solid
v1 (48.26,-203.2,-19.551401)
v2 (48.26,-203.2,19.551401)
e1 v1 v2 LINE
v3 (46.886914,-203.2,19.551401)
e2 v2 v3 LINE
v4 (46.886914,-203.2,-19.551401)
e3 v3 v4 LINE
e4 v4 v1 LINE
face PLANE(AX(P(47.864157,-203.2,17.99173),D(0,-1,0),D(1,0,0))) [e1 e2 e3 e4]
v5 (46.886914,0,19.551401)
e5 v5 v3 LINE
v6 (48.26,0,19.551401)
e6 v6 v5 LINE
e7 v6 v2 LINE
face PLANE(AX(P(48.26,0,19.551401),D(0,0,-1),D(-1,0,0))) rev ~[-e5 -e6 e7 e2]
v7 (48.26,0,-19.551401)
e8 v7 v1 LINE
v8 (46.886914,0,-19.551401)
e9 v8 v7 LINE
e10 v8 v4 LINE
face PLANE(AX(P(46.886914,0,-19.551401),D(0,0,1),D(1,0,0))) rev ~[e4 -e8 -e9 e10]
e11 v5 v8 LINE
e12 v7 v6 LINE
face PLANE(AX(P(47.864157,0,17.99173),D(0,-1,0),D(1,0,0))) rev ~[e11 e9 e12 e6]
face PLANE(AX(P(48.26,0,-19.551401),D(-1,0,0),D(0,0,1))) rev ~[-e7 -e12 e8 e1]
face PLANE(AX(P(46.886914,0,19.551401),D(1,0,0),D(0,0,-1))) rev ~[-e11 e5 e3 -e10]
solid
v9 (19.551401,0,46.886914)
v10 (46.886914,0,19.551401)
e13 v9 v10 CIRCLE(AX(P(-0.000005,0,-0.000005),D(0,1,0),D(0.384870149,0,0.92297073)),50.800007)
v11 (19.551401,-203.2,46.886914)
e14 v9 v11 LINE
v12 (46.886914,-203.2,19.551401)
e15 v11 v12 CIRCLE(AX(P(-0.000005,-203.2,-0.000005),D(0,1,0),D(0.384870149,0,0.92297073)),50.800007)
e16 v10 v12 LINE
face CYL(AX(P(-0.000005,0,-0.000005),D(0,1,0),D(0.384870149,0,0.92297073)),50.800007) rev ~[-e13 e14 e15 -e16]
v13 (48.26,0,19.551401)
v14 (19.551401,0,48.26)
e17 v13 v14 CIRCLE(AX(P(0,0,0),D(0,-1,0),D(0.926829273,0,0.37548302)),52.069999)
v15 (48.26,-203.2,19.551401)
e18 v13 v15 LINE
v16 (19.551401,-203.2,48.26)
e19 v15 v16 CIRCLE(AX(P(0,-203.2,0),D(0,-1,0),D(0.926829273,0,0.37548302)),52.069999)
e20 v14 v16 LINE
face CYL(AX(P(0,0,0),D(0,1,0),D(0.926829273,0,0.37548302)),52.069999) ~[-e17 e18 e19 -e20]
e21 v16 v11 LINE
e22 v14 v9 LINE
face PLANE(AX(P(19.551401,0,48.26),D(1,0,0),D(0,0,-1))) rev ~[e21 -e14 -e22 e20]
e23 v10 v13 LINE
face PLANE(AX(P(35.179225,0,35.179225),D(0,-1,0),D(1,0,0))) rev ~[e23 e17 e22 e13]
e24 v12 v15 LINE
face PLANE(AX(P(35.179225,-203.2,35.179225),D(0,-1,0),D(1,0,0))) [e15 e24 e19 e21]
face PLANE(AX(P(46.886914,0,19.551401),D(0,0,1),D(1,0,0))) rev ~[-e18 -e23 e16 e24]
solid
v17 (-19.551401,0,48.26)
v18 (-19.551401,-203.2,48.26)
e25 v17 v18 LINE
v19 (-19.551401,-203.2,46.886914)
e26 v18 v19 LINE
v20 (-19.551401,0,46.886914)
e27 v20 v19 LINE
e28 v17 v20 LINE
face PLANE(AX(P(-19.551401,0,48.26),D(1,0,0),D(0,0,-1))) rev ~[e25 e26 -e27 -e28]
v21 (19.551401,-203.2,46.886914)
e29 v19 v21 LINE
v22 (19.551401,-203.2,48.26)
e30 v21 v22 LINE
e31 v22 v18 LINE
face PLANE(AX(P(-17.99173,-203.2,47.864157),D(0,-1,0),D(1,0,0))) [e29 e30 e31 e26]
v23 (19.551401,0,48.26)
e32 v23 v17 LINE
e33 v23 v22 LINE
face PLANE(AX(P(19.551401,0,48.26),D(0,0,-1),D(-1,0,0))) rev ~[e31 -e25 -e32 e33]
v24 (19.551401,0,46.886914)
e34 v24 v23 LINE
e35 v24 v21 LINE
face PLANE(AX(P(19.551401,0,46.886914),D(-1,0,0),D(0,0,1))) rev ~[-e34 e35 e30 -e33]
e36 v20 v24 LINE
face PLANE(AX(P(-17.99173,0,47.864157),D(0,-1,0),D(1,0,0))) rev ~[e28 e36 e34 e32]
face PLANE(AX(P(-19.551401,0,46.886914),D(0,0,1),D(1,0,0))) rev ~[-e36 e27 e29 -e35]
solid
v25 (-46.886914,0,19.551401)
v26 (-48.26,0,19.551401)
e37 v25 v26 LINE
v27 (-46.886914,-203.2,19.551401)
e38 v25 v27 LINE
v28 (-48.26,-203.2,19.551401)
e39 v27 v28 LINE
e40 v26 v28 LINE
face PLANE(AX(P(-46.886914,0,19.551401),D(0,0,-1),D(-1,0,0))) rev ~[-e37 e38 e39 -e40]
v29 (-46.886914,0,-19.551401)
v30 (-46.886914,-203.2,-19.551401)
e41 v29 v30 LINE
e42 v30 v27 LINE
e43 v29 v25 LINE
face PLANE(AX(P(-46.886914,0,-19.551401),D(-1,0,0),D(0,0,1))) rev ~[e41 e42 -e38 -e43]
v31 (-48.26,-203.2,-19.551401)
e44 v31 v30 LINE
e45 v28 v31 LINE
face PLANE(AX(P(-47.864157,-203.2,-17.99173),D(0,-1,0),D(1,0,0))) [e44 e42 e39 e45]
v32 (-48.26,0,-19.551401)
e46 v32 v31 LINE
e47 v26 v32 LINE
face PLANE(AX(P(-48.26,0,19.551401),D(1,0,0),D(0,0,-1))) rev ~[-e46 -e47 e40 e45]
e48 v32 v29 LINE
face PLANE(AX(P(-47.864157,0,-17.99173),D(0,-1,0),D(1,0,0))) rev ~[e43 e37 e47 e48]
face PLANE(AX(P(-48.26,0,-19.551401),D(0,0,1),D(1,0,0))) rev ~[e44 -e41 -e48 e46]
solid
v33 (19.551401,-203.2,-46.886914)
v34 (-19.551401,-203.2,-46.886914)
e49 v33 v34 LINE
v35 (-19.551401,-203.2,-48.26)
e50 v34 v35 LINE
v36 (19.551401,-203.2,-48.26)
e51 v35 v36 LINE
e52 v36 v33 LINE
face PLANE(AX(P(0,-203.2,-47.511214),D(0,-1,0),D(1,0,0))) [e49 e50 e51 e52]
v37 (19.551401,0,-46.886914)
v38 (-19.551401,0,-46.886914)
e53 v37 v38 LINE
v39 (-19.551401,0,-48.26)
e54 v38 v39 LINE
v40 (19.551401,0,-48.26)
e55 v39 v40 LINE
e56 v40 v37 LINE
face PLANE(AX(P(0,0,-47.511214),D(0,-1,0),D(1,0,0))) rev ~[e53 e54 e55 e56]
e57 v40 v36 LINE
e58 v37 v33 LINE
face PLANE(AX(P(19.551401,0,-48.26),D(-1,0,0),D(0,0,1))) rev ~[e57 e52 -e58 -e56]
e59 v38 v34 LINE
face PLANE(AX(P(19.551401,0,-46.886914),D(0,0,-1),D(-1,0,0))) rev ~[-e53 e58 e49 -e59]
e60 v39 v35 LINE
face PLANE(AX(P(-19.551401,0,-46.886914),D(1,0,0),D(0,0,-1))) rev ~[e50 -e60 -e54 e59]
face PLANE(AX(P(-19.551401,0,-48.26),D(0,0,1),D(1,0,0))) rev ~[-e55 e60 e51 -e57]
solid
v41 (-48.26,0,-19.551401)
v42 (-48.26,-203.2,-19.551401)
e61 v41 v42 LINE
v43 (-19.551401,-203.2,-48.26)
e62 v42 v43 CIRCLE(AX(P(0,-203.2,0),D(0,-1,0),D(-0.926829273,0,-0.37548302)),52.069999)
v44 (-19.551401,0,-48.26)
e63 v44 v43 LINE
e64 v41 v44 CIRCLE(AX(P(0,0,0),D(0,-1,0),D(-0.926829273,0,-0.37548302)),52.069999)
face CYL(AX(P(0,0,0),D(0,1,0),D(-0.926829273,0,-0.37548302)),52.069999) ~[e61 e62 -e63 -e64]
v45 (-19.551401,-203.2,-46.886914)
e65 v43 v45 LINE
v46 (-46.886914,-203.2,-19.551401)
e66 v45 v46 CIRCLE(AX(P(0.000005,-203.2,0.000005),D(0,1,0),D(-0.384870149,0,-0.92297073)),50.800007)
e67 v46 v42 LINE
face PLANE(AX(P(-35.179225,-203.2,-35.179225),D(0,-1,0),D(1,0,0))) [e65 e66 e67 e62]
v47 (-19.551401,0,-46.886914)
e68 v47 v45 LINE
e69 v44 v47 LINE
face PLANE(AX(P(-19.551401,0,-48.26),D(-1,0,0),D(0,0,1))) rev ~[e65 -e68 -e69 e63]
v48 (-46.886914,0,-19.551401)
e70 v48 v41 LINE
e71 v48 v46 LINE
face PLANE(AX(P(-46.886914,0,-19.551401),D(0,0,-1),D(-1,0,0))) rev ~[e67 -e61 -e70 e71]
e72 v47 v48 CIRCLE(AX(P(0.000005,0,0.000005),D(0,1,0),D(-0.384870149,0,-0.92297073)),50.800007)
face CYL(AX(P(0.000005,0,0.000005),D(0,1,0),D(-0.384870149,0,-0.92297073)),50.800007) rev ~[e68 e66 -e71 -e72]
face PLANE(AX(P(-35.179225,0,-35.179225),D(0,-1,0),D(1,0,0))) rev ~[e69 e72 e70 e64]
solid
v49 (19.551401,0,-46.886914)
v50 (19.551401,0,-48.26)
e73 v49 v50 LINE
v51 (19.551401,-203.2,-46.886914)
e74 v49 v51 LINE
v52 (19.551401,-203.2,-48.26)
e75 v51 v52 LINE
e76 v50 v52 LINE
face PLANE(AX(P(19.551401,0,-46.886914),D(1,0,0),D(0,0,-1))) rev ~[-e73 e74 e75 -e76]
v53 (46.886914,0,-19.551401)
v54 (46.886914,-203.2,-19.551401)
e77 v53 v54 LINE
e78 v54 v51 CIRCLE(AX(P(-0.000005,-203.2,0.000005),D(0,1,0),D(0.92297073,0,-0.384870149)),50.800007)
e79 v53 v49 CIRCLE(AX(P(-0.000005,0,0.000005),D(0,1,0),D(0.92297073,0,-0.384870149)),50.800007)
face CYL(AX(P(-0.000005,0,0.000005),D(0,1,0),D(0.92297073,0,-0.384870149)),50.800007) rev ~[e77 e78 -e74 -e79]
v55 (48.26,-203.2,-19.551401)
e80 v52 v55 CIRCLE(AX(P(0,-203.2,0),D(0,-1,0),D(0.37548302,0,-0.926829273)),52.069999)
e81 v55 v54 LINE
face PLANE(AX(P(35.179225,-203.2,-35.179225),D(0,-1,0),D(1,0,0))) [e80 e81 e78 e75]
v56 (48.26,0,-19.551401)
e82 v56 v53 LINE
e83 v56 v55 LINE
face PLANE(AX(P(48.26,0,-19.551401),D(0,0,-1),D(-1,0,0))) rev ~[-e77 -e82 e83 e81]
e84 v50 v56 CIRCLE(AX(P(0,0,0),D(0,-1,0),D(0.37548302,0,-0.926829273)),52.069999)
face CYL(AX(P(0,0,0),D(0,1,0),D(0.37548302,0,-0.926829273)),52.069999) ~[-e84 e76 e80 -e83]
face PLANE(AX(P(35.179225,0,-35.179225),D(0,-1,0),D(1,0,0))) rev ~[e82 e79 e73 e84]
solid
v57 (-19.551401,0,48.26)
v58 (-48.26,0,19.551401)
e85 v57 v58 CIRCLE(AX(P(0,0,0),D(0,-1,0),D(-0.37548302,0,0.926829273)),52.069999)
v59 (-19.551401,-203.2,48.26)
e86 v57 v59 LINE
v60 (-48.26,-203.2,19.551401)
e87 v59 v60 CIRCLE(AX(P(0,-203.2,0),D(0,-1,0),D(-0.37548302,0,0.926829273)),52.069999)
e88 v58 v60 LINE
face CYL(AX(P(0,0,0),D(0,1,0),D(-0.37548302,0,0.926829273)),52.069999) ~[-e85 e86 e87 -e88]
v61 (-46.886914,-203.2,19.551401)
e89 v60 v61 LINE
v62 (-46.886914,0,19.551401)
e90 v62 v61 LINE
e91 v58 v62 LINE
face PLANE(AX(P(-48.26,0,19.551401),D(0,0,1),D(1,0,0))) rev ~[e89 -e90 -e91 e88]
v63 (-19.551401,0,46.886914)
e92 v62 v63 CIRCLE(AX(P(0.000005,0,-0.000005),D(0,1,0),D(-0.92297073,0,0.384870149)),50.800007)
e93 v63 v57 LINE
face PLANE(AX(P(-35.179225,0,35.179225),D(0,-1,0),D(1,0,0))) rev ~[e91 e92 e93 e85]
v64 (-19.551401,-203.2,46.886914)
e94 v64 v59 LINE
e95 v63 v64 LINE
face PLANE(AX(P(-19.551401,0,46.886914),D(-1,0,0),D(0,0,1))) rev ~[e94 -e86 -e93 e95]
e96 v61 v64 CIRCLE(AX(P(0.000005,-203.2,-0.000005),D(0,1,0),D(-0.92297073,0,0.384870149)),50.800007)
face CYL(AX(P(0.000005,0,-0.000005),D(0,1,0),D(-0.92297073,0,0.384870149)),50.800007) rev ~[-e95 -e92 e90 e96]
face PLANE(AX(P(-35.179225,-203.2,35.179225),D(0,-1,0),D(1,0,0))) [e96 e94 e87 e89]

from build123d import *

# Parameters (mm, degrees)
F1_DEPTH = 203.2
F2_DEPTH = 203.2


with BuildPart() as f1:
    # F0 (on Front) → F1 (new body)
    with BuildSketch(Plane.XZ):
        with BuildLine():
            ThreePointArc((-46.886914, 19.551401), (-35.921024, 35.921024), (-19.551401, 46.886914))
            Line((-19.551401, 46.886914), (-19.551401, 48.26))
            ThreePointArc((-19.551401, 48.26), (-36.81905, 36.81905), (-48.26, 19.551401))
            Line((-48.26, 19.551401), (-46.886914, 19.551401))
        make_face()
        with BuildLine():
            ThreePointArc((19.551401, 46.886914), (35.921024, 35.921024), (46.886914, 19.551401))
            Line((46.886914, 19.551401), (48.26, 19.551401))
            ThreePointArc((48.26, 19.551401), (36.81905, 36.81905), (19.551401, 48.26))
            Line((19.551401, 48.26), (19.551401, 46.886914))
        make_face()
        with BuildLine():
            Line((48.26, -19.551401), (46.886914, -19.551401))
            ThreePointArc((46.886914, -19.551401), (35.921024, -35.921024), (19.551401, -46.886914))
            Line((19.551401, -46.886914), (19.551401, -48.26))
            ThreePointArc((19.551401, -48.26), (36.81905, -36.81905), (48.26, -19.551401))
        make_face()
        with BuildLine():
            Line((-19.551401, -48.26), (-19.551401, -46.886914))
            ThreePointArc((-19.551401, -46.886914), (-35.921024, -35.921024), (-46.886914, -19.551401))
            Line((-46.886914, -19.551401), (-48.26, -19.551401))
            ThreePointArc((-48.26, -19.551401), (-36.81905, -36.81905), (-19.551401, -48.26))
        make_face()
    extrude(amount=F1_DEPTH)


with BuildPart() as f2:
    # F0 (on Front) → F2 (new body)
    with BuildSketch(Plane.XZ):
        with BuildLine():
            Line((-48.26, -19.551401), (-46.886914, -19.551401))
            ThreePointArc((-46.886914, -19.551401), (-47.609203, -17.720153), (-48.26, -15.862295))
            Line((-48.26, -15.862295), (-48.26, -19.551401))
        make_face()
        with BuildLine():
            Line((-46.886914, -19.551401), (-46.886914, 19.551401))
            ThreePointArc((-46.886914, 19.551401), (-47.609203, 17.720153), (-48.26, 15.862295))
            Line((-48.26, 15.862295), (-48.26, 0))
            Line((-48.26, 0), (-48.26, -15.862295))
            ThreePointArc((-48.26, -15.862295), (-47.609203, -17.720153), (-46.886914, -19.551401))
        make_face()
        with BuildLine():
            ThreePointArc((-48.26, 15.862295), (-47.609203, 17.720153), (-46.886914, 19.551401))
            Line((-46.886914, 19.551401), (-48.26, 19.551401))
            Line((-48.26, 19.551401), (-48.26, 15.862295))
        make_face()
        with BuildLine():
            Line((-19.551401, 48.26), (-19.551401, 46.886914))
            ThreePointArc((-19.551401, 46.886914), (-17.720153, 47.609203), (-15.862295, 48.26))
            Line((-15.862295, 48.26), (-19.551401, 48.26))
        make_face()
        with BuildLine():
            Line((-19.551401, 46.886914), (19.551401, 46.886914))
            ThreePointArc((19.551401, 46.886914), (17.720153, 47.609203), (15.862295, 48.26))
            Line((15.862295, 48.26), (0, 48.26))
            Line((0, 48.26), (-15.862295, 48.26))
            ThreePointArc((-15.862295, 48.26), (-17.720153, 47.609203), (-19.551401, 46.886914))
        make_face()
        with BuildLine():
            ThreePointArc((15.862295, 48.26), (17.720153, 47.609203), (19.551401, 46.886914))
            Line((19.551401, 46.886914), (19.551401, 48.26))
            Line((19.551401, 48.26), (15.862295, 48.26))
        make_face()
        with BuildLine():
            Line((48.26, 19.551401), (46.886914, 19.551401))
            ThreePointArc((46.886914, 19.551401), (47.609203, 17.720153), (48.26, 15.862295))
            Line((48.26, 15.862295), (48.26, 19.551401))
        make_face()
        with BuildLine():
            ThreePointArc((48.26, 15.862295), (47.609203, 17.720153), (46.886914, 19.551401))
            Line((46.886914, 19.551401), (46.886914, -19.551401))
            ThreePointArc((46.886914, -19.551401), (47.609203, -17.720153), (48.26, -15.862295))
            Line((48.26, -15.862295), (48.26, 0))
            Line((48.26, 0), (48.26, 15.862295))
        make_face()
        with BuildLine():
            ThreePointArc((48.26, -15.862295), (47.609203, -17.720153), (46.886914, -19.551401))
            Line((46.886914, -19.551401), (48.26, -19.551401))
            Line((48.26, -19.551401), (48.26, -15.862295))
        make_face()
        with BuildLine():
            ThreePointArc((15.862295, -48.26), (17.720153, -47.609203), (19.551401, -46.886914))
            Line((19.551401, -46.886914), (-19.551401, -46.886914))
            ThreePointArc((-19.551401, -46.886914), (-17.720153, -47.609203), (-15.862295, -48.26))
            Line((-15.862295, -48.26), (0, -48.26))
            Line((0, -48.26), (15.862295, -48.26))
        make_face()
        with BuildLine():
            Line((19.551401, -48.26), (19.551401, -46.886914))
            ThreePointArc((19.551401, -46.886914), (17.720153, -47.609203), (15.862295, -48.26))
            Line((15.862295, -48.26), (19.551401, -48.26))
        make_face()
        with BuildLine():
            ThreePointArc((-15.862295, -48.26), (-17.720153, -47.609203), (-19.551401, -46.886914))
            Line((-19.551401, -46.886914), (-19.551401, -48.26))
            Line((-19.551401, -48.26), (-15.862295, -48.26))
        make_face()
    extrude(amount=F2_DEPTH)


solid = Compound([f1.part, f2.part])
